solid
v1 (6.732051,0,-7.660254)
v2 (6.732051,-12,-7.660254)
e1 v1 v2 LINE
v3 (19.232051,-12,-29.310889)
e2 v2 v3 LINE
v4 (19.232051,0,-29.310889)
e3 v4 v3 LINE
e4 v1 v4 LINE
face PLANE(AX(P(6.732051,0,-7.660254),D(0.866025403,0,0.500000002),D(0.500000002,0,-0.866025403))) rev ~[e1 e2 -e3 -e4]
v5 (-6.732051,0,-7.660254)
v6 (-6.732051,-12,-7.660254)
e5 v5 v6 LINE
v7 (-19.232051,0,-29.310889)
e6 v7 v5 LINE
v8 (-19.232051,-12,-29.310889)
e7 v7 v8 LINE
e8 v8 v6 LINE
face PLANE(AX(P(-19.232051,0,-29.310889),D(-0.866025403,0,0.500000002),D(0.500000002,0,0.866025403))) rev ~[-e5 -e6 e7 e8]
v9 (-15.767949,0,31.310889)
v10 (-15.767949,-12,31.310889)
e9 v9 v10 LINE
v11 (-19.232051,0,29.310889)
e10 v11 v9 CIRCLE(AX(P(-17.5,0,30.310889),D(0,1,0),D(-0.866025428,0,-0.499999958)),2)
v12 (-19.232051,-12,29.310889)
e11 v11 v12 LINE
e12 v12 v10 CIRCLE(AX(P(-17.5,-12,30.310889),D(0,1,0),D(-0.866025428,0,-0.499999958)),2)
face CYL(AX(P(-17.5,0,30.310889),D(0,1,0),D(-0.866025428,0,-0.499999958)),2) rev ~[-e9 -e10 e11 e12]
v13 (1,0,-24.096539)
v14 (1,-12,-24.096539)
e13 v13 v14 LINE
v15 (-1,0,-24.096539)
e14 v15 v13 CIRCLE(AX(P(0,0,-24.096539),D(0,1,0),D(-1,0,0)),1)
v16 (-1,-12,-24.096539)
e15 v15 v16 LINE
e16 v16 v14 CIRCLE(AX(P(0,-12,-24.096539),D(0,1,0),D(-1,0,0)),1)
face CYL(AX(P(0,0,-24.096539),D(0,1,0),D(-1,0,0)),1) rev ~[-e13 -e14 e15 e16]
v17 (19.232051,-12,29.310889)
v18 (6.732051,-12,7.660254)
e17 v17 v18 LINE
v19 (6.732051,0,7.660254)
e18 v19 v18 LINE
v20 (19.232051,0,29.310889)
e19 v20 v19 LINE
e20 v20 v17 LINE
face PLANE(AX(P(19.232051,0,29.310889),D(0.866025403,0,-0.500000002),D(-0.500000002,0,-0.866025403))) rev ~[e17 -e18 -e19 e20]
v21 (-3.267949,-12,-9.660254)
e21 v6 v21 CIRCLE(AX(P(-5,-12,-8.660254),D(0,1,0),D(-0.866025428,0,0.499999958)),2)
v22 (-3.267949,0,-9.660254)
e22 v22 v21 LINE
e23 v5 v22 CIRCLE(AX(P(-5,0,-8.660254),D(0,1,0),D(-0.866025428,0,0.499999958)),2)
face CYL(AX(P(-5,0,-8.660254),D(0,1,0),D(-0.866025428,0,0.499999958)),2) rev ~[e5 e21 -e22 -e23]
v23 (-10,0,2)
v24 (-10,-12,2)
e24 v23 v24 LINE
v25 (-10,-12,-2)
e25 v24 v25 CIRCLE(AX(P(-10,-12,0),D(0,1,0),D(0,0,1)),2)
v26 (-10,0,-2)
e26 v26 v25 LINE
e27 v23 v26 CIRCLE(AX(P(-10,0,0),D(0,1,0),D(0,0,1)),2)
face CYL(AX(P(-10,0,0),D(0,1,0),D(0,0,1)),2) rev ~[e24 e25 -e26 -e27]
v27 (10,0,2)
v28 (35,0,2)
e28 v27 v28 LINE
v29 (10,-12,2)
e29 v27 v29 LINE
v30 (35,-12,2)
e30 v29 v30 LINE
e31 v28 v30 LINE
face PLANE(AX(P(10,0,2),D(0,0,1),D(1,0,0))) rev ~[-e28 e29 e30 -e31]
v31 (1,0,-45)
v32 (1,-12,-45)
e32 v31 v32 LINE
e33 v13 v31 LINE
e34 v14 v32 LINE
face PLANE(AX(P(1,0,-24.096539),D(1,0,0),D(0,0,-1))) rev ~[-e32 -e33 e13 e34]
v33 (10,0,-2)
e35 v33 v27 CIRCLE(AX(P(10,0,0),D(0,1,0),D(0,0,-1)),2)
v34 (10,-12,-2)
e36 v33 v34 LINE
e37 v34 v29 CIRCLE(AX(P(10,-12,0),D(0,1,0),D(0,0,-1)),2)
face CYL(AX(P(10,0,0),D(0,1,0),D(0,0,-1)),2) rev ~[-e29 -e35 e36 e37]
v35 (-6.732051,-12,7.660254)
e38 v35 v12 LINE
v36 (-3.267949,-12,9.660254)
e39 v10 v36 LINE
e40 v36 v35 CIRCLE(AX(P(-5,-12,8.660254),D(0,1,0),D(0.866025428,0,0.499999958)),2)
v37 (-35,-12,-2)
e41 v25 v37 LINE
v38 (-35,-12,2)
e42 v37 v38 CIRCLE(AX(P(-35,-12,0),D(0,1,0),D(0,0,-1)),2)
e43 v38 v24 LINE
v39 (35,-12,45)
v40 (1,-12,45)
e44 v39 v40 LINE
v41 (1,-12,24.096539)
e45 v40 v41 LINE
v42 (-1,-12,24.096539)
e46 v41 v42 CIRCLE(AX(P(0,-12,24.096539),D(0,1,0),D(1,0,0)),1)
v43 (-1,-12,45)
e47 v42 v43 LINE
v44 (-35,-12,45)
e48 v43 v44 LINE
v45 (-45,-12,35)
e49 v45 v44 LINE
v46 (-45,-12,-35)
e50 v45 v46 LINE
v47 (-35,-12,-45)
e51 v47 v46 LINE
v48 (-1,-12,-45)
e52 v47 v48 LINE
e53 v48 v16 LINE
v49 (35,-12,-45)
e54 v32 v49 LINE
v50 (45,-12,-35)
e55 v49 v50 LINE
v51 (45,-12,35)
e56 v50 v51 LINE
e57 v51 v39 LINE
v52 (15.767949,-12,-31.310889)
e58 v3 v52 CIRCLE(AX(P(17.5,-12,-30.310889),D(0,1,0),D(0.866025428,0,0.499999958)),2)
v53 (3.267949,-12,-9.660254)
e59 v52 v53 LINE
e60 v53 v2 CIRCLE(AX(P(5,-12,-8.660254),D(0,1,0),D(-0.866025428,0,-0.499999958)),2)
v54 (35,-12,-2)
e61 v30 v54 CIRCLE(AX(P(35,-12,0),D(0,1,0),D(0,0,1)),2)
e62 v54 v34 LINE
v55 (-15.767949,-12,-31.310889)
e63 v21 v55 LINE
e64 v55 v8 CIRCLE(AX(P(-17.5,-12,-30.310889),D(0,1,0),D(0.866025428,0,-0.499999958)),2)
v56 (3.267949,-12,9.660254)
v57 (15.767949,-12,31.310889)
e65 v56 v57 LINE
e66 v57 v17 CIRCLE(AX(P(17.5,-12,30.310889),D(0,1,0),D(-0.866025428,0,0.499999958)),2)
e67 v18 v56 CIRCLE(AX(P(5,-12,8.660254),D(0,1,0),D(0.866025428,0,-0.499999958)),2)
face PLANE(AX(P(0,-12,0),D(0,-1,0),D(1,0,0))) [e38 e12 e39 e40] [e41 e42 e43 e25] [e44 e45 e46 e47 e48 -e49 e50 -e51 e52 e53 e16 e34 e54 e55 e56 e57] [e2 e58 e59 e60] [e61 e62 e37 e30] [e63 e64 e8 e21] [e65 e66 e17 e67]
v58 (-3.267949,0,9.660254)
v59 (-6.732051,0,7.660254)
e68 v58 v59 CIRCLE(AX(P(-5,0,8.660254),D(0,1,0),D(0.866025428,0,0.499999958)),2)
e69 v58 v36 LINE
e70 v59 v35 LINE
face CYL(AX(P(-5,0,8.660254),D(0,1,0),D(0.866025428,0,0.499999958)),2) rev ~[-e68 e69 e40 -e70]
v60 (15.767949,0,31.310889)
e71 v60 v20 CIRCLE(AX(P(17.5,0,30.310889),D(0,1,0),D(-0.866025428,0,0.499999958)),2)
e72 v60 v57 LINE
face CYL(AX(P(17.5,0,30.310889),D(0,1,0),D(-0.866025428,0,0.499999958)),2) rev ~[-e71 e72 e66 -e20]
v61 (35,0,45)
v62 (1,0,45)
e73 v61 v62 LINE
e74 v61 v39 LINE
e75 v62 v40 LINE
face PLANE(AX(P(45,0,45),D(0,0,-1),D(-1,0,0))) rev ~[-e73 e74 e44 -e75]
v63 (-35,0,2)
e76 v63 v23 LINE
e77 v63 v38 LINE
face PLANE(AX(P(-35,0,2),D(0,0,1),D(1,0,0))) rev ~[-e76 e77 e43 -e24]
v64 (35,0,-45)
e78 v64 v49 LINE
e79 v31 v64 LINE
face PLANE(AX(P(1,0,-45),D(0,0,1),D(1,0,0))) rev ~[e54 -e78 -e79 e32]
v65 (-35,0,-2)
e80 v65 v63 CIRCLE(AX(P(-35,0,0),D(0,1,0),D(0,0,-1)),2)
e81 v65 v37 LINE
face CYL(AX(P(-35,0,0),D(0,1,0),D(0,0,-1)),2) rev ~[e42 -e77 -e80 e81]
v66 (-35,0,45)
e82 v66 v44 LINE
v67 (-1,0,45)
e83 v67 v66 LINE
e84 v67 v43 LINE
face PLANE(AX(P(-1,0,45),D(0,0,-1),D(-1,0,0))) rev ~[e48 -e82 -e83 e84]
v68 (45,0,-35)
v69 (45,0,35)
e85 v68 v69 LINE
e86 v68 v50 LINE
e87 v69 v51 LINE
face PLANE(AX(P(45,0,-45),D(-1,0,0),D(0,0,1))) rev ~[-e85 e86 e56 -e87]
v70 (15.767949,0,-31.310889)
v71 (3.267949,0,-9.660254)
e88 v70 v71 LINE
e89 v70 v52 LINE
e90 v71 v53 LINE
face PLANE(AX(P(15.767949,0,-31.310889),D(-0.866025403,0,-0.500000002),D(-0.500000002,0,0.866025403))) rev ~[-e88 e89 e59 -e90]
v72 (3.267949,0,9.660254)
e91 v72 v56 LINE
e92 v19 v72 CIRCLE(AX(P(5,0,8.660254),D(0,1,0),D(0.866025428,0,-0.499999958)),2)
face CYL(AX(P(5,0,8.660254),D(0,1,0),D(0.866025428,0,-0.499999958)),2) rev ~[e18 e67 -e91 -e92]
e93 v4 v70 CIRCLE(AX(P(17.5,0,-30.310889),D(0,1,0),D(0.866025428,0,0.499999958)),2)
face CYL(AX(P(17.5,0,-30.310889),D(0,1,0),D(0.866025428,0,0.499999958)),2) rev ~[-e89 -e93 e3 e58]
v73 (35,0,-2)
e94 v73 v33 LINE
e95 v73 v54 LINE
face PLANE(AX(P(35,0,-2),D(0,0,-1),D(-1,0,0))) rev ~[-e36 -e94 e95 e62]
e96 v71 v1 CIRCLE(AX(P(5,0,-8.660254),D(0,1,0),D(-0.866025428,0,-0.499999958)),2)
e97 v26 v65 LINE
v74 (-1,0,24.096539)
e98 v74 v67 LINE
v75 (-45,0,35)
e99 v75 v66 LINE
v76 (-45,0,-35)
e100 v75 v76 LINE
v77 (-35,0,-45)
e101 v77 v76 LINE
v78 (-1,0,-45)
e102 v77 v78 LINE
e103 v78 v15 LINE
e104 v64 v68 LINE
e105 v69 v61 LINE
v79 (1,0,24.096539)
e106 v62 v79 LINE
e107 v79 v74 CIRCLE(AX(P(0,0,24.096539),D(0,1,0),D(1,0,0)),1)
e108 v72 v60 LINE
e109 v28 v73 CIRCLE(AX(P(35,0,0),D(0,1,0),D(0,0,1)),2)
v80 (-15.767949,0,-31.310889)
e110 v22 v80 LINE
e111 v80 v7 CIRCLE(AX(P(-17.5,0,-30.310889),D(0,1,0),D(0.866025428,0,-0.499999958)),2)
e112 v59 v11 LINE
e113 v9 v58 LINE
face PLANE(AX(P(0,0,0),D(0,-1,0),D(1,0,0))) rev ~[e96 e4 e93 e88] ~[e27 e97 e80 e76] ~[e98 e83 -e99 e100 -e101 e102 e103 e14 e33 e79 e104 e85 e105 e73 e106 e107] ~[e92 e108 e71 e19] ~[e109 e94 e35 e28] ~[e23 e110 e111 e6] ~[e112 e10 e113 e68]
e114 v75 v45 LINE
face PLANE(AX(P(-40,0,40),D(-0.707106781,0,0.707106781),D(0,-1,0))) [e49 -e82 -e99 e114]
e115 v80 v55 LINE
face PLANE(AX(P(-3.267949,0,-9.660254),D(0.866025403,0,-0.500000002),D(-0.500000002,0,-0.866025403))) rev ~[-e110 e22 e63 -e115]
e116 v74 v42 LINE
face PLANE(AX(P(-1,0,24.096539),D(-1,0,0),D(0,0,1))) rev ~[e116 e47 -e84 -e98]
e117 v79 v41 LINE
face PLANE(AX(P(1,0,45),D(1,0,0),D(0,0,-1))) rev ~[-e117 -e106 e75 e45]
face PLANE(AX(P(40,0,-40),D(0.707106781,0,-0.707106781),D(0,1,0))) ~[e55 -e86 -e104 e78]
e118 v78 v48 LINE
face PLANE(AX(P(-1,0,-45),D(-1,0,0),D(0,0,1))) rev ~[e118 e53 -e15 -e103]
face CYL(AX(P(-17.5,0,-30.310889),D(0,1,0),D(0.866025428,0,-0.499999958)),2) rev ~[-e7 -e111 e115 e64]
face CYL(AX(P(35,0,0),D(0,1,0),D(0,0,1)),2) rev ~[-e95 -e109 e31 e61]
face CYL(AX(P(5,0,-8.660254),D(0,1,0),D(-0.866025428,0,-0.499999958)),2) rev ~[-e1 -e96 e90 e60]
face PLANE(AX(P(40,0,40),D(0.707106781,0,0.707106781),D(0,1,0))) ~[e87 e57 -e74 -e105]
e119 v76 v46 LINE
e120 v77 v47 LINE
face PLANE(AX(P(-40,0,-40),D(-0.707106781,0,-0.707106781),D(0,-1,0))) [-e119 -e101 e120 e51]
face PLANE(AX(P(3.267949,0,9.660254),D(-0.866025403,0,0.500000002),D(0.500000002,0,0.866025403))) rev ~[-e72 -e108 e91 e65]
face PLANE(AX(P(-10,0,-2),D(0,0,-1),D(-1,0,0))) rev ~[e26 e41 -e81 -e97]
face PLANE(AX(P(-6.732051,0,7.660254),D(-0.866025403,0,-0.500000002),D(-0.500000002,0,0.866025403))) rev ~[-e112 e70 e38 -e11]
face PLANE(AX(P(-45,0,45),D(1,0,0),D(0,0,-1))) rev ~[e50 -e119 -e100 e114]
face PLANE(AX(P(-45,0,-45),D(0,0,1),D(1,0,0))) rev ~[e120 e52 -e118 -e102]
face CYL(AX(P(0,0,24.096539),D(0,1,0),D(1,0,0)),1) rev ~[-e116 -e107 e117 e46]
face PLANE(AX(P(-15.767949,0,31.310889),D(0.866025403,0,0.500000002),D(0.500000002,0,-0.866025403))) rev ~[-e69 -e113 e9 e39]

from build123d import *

# Parameters (mm, degrees)
F1_DEPTH = 12
F2_SIZE  = 10


with BuildPart() as f1:
    # F0 (on Front) → F1 (new body)
    with BuildSketch(Plane.XZ):
        with BuildLine():
            Line((1, -45), (45, -45))
            Line((45, -45), (45, 45))
            Line((45, 45), (1, 45))
            Line((1, 45), (1, 24.096539))
            ThreePointArc((1, 24.096539), (0, 23.096539), (-1, 24.096539))
            Line((-1, 24.096539), (-1, 45))
            Line((-1, 45), (-45, 45))
            Line((-45, 45), (-45, -45))
            Line((-45, -45), (-1, -45))
            Line((-1, -45), (-1, -24.096539))
            ThreePointArc((-1, -24.096539), (0, -23.096539), (1, -24.096539))
            Line((1, -24.096539), (1, -45))
        make_face()
        with BuildLine():
            ThreePointArc((-6.732051, -7.660254), (-4, -6.928203), (-3.267949, -9.660254))
            Line((-3.267949, -9.660254), (-15.767949, -31.310889))
            ThreePointArc((-15.767949, -31.310889), (-18.5, -32.04294), (-19.232051, -29.310889))
            Line((-19.232051, -29.310889), (-6.732051, -7.660254))
        make_face(mode=Mode.SUBTRACT)
        with BuildLine():
            ThreePointArc((3.267949, -9.660254), (4, -6.928203), (6.732051, -7.660254))
            Line((6.732051, -7.660254), (19.232051, -29.310889))
            ThreePointArc((19.232051, -29.310889), (18.5, -32.04294), (15.767949, -31.310889))
            Line((15.767949, -31.310889), (3.267949, -9.660254))
        make_face(mode=Mode.SUBTRACT)
        with BuildLine():
            Line((-35, 2), (-10, 2))
            ThreePointArc((-10, 2), (-8, 0), (-10, -2))
            Line((-10, -2), (-35, -2))
            ThreePointArc((-35, -2), (-37, 0), (-35, 2))
        make_face(mode=Mode.SUBTRACT)
        with BuildLine():
            ThreePointArc((-3.267949, 9.660254), (-4, 6.928203), (-6.732051, 7.660254))
            Line((-6.732051, 7.660254), (-19.232051, 29.310889))
            ThreePointArc((-19.232051, 29.310889), (-18.5, 32.04294), (-15.767949, 31.310889))
            Line((-15.767949, 31.310889), (-3.267949, 9.660254))
        make_face(mode=Mode.SUBTRACT)
        with BuildLine():
            ThreePointArc((6.732051, 7.660254), (4, 6.928203), (3.267949, 9.660254))
            Line((3.267949, 9.660254), (15.767949, 31.310889))
            ThreePointArc((15.767949, 31.310889), (18.5, 32.04294), (19.232051, 29.310889))
            Line((19.232051, 29.310889), (6.732051, 7.660254))
        make_face(mode=Mode.SUBTRACT)
        with BuildLine():
            ThreePointArc((10, -2), (8, 0), (10, 2))
            Line((10, 2), (35, 2))
            ThreePointArc((35, 2), (37, 0), (35, -2))
            Line((35, -2), (10, -2))
        make_face(mode=Mode.SUBTRACT)
    extrude(amount=F1_DEPTH)

    # F2
    f2_edges = [f1.edges().sort_by_distance(p)[0] for p in [
        (45, -6, 45),
        (45, -6, -45),
        (-45, -6, 45),
        (-45, -6, -45),
    ]]
    chamfer(f2_edges, length=F2_SIZE)


solid = f1.part
